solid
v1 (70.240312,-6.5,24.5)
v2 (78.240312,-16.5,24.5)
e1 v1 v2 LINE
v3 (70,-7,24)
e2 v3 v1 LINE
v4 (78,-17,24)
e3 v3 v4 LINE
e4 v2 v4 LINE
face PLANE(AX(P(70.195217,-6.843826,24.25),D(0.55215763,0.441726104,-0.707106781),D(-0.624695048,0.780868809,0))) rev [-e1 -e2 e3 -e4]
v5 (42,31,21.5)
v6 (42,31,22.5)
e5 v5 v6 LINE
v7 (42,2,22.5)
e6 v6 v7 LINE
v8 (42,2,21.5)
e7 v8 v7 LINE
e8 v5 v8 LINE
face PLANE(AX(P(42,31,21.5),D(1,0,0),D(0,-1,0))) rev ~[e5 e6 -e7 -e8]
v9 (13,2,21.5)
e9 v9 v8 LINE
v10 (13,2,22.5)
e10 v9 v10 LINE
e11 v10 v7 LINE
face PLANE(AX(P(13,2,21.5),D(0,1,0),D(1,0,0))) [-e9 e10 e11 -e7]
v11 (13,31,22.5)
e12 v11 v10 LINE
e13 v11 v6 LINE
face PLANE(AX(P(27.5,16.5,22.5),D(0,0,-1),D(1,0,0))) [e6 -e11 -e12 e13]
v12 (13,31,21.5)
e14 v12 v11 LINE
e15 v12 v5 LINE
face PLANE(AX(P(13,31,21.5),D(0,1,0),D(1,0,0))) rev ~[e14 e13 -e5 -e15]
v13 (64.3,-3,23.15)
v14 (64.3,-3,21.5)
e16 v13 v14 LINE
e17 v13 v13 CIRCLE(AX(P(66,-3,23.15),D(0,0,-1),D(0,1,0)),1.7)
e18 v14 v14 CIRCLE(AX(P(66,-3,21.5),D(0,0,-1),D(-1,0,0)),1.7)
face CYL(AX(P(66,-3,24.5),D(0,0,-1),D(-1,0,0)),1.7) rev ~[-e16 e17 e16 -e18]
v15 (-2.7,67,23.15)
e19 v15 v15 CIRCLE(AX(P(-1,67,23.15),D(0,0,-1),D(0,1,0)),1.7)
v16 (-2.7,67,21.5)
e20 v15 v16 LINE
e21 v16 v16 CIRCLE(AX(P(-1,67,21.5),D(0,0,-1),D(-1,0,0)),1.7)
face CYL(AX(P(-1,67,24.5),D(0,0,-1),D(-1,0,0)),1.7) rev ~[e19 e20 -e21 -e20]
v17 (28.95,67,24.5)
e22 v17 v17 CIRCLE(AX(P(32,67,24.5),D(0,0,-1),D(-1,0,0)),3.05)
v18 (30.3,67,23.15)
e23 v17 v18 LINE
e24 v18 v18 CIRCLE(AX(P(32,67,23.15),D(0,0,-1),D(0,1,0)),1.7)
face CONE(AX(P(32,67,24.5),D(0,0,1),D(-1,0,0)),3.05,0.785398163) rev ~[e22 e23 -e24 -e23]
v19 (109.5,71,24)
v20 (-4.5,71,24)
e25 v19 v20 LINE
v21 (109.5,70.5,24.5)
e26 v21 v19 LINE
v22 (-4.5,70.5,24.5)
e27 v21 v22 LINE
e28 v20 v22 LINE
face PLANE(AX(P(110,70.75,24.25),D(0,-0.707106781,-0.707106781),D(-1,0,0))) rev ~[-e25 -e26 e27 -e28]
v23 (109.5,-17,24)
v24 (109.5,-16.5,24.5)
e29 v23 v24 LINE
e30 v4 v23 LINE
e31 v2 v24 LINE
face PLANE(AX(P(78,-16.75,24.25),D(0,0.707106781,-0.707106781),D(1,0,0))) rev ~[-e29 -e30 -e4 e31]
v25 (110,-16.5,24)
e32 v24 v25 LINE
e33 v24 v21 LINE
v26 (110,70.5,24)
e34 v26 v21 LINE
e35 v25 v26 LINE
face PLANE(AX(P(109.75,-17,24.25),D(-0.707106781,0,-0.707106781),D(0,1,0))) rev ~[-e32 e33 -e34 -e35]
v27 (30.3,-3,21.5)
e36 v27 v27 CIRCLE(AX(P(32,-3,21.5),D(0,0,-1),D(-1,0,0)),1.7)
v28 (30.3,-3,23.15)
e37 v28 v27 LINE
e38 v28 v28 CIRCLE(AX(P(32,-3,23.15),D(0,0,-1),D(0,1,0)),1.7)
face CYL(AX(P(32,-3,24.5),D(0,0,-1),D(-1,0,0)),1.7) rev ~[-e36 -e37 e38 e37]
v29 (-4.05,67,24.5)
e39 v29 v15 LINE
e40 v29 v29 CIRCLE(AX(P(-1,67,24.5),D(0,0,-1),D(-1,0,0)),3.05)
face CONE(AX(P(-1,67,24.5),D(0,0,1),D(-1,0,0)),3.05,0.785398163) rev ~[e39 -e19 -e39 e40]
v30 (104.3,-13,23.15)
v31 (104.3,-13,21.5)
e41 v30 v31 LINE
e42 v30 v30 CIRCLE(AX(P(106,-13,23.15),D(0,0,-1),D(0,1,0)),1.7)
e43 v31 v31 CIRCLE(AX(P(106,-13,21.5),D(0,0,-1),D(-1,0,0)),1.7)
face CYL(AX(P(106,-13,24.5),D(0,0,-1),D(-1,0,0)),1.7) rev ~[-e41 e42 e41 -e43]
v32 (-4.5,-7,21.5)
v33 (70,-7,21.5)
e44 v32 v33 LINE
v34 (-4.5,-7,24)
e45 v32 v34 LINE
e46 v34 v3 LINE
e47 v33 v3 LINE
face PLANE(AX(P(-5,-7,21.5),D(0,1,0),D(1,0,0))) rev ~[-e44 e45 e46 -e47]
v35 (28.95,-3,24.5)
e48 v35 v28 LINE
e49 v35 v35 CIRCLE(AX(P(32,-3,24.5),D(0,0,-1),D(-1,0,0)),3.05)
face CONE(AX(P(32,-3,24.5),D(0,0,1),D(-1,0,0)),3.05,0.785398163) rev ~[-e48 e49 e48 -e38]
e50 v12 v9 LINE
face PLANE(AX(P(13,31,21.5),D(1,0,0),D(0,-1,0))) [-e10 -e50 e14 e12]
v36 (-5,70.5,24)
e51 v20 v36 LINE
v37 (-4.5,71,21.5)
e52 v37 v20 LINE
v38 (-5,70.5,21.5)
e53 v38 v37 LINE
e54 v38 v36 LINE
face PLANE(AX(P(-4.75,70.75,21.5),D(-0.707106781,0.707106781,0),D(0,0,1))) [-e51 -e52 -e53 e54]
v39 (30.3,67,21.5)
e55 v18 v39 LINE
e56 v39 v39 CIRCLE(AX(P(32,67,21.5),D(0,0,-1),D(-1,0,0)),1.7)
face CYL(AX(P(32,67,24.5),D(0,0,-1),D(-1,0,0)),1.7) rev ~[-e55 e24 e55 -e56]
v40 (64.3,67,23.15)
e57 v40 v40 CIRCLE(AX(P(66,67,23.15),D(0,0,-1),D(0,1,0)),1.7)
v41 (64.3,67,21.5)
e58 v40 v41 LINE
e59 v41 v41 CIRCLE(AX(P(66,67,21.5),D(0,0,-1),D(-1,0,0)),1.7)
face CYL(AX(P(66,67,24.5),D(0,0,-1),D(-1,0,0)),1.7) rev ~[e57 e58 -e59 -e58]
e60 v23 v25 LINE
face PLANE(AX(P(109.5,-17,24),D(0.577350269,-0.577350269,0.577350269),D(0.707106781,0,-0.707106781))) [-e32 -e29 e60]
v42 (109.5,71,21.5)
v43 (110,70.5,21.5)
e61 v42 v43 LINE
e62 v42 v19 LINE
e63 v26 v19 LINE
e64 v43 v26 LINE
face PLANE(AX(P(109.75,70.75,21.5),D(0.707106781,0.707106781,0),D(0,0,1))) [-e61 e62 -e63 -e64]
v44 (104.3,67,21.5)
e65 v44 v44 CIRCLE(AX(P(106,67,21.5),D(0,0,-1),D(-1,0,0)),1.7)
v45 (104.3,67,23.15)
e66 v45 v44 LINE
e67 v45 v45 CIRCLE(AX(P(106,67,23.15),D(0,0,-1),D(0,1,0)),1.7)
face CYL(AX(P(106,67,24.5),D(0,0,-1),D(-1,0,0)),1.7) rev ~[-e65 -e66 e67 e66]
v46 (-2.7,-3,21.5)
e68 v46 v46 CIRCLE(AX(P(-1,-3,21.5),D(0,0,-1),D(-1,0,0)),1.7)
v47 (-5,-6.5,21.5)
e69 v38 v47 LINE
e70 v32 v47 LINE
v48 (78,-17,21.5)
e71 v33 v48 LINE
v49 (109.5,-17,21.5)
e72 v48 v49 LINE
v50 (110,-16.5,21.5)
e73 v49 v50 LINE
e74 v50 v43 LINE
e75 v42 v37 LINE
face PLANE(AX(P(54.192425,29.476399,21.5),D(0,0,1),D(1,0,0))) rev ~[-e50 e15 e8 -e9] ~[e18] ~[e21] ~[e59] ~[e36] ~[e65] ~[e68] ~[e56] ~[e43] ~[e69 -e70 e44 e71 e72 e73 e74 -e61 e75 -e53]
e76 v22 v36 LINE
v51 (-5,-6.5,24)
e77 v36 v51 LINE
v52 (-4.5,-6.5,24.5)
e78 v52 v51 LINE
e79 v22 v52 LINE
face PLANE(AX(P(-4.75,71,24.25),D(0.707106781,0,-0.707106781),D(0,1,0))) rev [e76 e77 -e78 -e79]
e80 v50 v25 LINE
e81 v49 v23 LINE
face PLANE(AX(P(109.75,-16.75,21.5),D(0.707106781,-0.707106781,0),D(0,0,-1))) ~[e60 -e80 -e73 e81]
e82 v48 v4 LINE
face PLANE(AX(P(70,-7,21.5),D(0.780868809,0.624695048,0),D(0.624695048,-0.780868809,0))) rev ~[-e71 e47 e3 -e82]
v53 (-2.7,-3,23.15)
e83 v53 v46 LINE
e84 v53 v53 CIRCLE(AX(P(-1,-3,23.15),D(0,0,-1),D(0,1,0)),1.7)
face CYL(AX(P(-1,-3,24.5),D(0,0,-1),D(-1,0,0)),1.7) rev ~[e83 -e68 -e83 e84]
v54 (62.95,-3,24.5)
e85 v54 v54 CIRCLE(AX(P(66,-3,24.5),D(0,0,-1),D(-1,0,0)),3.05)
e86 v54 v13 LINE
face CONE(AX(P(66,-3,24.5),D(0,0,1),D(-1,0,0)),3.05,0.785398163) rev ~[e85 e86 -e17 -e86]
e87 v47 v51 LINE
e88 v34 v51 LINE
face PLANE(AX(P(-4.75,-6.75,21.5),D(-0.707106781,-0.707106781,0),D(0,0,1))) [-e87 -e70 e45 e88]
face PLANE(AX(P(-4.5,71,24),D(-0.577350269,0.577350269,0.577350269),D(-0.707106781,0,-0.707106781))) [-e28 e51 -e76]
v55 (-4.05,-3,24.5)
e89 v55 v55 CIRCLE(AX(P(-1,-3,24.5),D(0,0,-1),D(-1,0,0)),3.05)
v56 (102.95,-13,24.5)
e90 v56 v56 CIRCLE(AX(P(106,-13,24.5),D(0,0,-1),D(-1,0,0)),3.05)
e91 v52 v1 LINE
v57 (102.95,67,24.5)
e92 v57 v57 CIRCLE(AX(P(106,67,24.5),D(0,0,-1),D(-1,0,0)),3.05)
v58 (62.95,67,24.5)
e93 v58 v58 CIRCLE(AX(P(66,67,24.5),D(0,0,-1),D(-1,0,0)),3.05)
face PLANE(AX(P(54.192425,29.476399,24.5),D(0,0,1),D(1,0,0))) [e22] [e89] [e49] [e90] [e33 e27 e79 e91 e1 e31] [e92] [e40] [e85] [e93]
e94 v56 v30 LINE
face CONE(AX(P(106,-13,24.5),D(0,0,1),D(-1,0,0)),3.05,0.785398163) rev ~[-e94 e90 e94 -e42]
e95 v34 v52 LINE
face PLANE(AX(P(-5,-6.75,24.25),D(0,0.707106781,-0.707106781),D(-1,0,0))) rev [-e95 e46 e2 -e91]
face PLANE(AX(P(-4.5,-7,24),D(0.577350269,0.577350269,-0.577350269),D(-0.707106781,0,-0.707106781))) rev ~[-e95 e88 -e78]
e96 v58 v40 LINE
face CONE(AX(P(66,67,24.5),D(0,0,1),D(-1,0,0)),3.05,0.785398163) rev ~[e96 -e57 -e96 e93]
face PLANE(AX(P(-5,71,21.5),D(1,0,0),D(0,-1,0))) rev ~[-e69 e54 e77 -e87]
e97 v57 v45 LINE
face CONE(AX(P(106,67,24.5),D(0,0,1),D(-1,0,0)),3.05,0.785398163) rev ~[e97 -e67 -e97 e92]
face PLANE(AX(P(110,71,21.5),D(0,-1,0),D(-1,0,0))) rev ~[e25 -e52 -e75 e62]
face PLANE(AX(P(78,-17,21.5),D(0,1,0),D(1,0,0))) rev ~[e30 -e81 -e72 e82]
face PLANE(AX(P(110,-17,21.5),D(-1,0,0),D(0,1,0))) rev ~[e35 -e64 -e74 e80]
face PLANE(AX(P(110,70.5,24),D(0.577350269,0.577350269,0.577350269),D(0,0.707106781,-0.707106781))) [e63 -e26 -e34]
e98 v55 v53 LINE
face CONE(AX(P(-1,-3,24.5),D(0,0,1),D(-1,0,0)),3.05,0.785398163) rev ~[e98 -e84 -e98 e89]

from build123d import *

# Parameters (mm, degrees)
PAD010_DEPTH        = 3
HOLE002_D           = 3.4
HOLE002_DEPTH       = 5
HOLE002_CSINK_D     = 6.1
HOLE002_CSINK_ANGLE = 90
SKETCH027_W         = 29
SKETCH027_H         = 29
POCKET009_DEPTH     = 1
CHAMFER001_SIZE     = 0.5


with BuildPart() as part:
    # Sketch022 (on Face1 of CopyPad011) → Pad010 (new body)
    with BuildSketch(Plane.XY.offset(24)):
        Polygon((-5, -7), (70, -7), (78, -17), (110, -17), (110, 71), (-5, 71), align=None)
    extrude(amount=PAD010_DEPTH)

    # Hole002
    with Locations(Plane.XY.offset(27)):
        with Locations((-1, 67), (106, 67), (106, -13), (-1, -3), (32, 67), (66, -3), (32, -3), (66, 67)):
            CounterSinkHole(HOLE002_D / 2, HOLE002_CSINK_D / 2, depth=HOLE002_DEPTH, counter_sink_angle=HOLE002_CSINK_ANGLE)

    # Sketch027 → Pocket009 (cut)
    with BuildSketch(Plane(origin=(0, 0, 24), x_dir=(1, 0, 0), z_dir=(0, 0, -1))):
        with Locations((27.5, -16.5)):
            Rectangle(SKETCH027_W, SKETCH027_H)
    extrude(amount=-POCKET009_DEPTH, mode=Mode.SUBTRACT)

    # Chamfer001
    chamfer001_edges = [part.edges().sort_by_distance(p)[0] for p in [
        (-5, 32, 27),
        (52.5, 71, 27),
        (110, 27, 27),
        (94, -17, 27),
        (74, -12, 27),
        (32.5, -7, 27),
        (110, 71, 25.5),
        (110, -17, 25.5),
        (-5, 71, 25.5),
        (-5, -7, 25.5),
    ]]
    chamfer(chamfer001_edges, length=CHAMFER001_SIZE)


with BuildPart() as part_1:
    # Body002 placement: moved
    add(part.part.moved(Location((0, 0, -2.5))))


solid = part_1.part
